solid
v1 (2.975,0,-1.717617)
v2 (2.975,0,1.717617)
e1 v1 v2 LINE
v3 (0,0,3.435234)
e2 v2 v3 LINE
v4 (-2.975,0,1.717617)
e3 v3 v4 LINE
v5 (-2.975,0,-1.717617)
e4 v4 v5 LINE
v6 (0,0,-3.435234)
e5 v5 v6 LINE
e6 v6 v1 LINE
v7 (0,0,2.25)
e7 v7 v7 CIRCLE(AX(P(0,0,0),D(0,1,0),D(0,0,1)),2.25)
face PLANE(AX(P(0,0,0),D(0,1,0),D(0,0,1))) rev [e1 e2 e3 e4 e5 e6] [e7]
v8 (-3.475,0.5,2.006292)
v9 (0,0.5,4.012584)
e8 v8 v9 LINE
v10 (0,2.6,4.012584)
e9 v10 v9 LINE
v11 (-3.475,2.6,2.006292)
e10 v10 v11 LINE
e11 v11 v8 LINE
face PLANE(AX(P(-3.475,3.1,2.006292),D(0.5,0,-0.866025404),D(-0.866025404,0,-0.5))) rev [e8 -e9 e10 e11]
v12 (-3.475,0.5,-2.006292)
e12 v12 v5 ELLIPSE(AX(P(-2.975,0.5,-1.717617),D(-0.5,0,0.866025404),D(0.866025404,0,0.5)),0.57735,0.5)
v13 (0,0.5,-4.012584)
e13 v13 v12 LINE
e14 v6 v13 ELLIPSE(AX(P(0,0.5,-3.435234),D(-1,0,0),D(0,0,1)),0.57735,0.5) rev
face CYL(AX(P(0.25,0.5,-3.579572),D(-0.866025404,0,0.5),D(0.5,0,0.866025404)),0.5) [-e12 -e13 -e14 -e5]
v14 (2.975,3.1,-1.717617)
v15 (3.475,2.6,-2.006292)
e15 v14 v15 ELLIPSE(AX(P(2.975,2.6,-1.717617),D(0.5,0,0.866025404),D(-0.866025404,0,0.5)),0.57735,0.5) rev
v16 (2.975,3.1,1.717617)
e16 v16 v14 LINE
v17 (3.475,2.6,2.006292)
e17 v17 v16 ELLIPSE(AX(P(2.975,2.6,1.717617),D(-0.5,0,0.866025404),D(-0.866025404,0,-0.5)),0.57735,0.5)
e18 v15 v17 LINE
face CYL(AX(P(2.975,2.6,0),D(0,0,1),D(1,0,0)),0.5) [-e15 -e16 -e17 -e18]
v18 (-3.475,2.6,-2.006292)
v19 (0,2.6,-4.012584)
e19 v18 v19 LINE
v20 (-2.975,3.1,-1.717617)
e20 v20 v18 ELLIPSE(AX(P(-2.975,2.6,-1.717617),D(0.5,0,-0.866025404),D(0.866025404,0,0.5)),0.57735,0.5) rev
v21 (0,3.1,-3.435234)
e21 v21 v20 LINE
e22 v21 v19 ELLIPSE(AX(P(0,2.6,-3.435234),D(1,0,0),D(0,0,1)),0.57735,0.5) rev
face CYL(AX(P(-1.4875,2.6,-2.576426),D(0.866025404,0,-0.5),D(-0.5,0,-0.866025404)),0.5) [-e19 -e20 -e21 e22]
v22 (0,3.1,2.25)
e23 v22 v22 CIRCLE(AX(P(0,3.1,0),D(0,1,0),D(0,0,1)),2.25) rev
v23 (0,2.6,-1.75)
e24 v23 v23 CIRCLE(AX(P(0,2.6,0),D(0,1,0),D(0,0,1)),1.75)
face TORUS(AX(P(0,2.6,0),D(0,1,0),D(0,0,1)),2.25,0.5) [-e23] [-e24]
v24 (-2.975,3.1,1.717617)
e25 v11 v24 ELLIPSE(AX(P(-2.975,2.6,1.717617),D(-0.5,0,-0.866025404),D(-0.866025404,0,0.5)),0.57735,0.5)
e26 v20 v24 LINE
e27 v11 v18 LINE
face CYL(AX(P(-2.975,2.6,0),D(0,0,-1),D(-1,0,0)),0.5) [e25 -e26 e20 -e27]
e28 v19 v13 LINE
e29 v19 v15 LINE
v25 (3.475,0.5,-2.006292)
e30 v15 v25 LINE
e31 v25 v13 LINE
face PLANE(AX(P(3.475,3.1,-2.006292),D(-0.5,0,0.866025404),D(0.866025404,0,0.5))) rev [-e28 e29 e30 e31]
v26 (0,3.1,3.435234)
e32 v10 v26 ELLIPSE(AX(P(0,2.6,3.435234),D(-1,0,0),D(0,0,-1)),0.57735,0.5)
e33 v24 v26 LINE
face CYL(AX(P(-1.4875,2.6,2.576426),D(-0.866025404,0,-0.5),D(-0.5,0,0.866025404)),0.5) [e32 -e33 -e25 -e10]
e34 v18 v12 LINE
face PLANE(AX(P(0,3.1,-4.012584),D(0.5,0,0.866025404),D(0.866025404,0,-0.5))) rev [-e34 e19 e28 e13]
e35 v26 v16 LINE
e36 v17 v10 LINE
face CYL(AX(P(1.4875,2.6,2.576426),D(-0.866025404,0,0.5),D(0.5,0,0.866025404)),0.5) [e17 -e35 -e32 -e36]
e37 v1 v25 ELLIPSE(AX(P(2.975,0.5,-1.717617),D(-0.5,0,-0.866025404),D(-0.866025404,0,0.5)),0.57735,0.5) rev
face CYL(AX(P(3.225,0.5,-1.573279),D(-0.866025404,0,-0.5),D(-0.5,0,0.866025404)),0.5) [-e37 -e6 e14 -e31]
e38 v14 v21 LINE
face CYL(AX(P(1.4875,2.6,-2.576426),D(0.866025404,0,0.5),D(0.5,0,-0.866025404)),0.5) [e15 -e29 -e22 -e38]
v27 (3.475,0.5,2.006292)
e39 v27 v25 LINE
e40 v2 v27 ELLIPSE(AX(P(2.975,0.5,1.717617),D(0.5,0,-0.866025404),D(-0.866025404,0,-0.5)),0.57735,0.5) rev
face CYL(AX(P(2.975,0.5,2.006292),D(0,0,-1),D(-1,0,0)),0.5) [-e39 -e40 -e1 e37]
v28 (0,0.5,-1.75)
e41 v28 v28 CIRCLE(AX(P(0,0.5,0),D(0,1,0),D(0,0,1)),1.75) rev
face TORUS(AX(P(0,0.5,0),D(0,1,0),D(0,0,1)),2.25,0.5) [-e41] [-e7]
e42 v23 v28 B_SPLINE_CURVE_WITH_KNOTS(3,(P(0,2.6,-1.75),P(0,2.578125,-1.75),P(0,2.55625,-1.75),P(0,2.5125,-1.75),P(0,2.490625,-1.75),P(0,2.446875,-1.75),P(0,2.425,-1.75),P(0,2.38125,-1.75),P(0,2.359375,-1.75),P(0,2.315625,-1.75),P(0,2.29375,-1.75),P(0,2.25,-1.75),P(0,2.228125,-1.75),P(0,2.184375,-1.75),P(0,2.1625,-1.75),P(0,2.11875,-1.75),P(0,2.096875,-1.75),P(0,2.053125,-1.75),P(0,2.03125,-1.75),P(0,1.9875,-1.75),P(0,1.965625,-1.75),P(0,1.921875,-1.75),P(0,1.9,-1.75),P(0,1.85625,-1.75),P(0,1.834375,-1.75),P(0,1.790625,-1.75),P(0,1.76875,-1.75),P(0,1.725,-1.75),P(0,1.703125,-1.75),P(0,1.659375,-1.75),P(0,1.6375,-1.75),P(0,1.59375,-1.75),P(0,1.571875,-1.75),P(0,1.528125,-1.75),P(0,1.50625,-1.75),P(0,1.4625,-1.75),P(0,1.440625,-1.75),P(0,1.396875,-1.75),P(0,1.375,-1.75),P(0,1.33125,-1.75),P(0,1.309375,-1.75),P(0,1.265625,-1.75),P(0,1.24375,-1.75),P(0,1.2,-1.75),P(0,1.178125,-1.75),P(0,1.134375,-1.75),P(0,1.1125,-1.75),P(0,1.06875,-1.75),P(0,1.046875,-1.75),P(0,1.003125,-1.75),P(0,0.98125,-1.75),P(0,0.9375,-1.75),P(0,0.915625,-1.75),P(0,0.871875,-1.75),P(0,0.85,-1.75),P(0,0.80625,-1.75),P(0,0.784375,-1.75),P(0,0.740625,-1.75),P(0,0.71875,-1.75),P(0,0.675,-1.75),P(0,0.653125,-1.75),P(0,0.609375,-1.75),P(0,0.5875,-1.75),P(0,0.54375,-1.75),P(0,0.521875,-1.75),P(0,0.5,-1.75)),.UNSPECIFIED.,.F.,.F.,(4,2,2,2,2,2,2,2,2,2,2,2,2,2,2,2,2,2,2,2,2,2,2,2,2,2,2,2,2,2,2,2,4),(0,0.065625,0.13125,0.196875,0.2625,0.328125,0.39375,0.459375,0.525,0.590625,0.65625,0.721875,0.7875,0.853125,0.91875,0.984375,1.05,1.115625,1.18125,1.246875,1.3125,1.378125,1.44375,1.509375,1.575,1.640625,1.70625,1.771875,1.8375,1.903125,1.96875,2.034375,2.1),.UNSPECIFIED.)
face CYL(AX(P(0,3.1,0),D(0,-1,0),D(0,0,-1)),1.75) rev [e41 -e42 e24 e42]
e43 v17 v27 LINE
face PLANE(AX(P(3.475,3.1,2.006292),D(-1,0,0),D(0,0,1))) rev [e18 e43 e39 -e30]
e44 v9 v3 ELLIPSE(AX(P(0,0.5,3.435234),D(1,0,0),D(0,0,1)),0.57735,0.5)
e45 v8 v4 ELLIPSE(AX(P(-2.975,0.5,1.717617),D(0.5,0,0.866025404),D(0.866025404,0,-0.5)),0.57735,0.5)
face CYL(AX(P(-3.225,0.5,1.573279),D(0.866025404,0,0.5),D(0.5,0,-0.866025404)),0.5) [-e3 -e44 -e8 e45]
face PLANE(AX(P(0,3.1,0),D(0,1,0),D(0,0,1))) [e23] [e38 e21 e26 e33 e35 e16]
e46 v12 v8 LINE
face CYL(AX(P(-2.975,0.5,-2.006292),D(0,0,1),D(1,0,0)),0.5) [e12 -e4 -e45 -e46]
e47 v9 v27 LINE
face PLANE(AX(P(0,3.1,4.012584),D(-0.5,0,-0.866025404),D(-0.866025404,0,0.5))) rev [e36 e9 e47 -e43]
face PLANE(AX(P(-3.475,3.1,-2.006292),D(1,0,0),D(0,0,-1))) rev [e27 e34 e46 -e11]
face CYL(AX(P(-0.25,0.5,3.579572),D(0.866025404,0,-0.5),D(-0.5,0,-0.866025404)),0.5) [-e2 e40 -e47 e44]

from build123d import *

# Parameters (mm, degrees)
SKETCH1_R           = 1.75
BOSS_EXTRUDE2_DEPTH = 3.1
FILLET1_R           = 0.5


with BuildPart() as part:
    # Sketch1 → Boss-Extrude2 (new body)
    with BuildSketch(Plane(origin=(0, 0, 0), x_dir=(1, 0, 0), z_dir=(0, 1, 0))):
        Polygon((0, -4.012584371), (3.475, -2.006292185), (3.475, 2.006292185), (0, 4.012584371), (-3.475, 2.006292185), (-3.475, -2.006292185), align=None)
        with Locations(Location((0, 0, 0), (0, 0, 90))):
            Circle(SKETCH1_R, mode=Mode.SUBTRACT)
    extrude(amount=BOSS_EXTRUDE2_DEPTH)

    # Fillet1
    fillet1_edges = [part.edges().sort_by_distance(p)[0] for p in [
        (3.475, 3.1, 0),
        (1.7375, 3.1, -3.009438278),
        (-1.7375, 3.1, -3.009438278),
        (0, 0, 1.75),
        (0, 3.1, 1.75),
        (-3.475, 3.1, 0),
        (-1.7375, 3.1, 3.009438278),
        (-3.475, 0, 0),
        (-1.7375, 0, -3.009438278),
        (1.7375, 0, -3.009438278),
        (1.7375, 3.1, 3.009438278),
        (3.475, 0, 0),
        (1.7375, 0, 3.009438278),
        (-1.7375, 0, 3.009438278),
    ]]
    fillet(fillet1_edges, radius=FILLET1_R)


solid = part.part
